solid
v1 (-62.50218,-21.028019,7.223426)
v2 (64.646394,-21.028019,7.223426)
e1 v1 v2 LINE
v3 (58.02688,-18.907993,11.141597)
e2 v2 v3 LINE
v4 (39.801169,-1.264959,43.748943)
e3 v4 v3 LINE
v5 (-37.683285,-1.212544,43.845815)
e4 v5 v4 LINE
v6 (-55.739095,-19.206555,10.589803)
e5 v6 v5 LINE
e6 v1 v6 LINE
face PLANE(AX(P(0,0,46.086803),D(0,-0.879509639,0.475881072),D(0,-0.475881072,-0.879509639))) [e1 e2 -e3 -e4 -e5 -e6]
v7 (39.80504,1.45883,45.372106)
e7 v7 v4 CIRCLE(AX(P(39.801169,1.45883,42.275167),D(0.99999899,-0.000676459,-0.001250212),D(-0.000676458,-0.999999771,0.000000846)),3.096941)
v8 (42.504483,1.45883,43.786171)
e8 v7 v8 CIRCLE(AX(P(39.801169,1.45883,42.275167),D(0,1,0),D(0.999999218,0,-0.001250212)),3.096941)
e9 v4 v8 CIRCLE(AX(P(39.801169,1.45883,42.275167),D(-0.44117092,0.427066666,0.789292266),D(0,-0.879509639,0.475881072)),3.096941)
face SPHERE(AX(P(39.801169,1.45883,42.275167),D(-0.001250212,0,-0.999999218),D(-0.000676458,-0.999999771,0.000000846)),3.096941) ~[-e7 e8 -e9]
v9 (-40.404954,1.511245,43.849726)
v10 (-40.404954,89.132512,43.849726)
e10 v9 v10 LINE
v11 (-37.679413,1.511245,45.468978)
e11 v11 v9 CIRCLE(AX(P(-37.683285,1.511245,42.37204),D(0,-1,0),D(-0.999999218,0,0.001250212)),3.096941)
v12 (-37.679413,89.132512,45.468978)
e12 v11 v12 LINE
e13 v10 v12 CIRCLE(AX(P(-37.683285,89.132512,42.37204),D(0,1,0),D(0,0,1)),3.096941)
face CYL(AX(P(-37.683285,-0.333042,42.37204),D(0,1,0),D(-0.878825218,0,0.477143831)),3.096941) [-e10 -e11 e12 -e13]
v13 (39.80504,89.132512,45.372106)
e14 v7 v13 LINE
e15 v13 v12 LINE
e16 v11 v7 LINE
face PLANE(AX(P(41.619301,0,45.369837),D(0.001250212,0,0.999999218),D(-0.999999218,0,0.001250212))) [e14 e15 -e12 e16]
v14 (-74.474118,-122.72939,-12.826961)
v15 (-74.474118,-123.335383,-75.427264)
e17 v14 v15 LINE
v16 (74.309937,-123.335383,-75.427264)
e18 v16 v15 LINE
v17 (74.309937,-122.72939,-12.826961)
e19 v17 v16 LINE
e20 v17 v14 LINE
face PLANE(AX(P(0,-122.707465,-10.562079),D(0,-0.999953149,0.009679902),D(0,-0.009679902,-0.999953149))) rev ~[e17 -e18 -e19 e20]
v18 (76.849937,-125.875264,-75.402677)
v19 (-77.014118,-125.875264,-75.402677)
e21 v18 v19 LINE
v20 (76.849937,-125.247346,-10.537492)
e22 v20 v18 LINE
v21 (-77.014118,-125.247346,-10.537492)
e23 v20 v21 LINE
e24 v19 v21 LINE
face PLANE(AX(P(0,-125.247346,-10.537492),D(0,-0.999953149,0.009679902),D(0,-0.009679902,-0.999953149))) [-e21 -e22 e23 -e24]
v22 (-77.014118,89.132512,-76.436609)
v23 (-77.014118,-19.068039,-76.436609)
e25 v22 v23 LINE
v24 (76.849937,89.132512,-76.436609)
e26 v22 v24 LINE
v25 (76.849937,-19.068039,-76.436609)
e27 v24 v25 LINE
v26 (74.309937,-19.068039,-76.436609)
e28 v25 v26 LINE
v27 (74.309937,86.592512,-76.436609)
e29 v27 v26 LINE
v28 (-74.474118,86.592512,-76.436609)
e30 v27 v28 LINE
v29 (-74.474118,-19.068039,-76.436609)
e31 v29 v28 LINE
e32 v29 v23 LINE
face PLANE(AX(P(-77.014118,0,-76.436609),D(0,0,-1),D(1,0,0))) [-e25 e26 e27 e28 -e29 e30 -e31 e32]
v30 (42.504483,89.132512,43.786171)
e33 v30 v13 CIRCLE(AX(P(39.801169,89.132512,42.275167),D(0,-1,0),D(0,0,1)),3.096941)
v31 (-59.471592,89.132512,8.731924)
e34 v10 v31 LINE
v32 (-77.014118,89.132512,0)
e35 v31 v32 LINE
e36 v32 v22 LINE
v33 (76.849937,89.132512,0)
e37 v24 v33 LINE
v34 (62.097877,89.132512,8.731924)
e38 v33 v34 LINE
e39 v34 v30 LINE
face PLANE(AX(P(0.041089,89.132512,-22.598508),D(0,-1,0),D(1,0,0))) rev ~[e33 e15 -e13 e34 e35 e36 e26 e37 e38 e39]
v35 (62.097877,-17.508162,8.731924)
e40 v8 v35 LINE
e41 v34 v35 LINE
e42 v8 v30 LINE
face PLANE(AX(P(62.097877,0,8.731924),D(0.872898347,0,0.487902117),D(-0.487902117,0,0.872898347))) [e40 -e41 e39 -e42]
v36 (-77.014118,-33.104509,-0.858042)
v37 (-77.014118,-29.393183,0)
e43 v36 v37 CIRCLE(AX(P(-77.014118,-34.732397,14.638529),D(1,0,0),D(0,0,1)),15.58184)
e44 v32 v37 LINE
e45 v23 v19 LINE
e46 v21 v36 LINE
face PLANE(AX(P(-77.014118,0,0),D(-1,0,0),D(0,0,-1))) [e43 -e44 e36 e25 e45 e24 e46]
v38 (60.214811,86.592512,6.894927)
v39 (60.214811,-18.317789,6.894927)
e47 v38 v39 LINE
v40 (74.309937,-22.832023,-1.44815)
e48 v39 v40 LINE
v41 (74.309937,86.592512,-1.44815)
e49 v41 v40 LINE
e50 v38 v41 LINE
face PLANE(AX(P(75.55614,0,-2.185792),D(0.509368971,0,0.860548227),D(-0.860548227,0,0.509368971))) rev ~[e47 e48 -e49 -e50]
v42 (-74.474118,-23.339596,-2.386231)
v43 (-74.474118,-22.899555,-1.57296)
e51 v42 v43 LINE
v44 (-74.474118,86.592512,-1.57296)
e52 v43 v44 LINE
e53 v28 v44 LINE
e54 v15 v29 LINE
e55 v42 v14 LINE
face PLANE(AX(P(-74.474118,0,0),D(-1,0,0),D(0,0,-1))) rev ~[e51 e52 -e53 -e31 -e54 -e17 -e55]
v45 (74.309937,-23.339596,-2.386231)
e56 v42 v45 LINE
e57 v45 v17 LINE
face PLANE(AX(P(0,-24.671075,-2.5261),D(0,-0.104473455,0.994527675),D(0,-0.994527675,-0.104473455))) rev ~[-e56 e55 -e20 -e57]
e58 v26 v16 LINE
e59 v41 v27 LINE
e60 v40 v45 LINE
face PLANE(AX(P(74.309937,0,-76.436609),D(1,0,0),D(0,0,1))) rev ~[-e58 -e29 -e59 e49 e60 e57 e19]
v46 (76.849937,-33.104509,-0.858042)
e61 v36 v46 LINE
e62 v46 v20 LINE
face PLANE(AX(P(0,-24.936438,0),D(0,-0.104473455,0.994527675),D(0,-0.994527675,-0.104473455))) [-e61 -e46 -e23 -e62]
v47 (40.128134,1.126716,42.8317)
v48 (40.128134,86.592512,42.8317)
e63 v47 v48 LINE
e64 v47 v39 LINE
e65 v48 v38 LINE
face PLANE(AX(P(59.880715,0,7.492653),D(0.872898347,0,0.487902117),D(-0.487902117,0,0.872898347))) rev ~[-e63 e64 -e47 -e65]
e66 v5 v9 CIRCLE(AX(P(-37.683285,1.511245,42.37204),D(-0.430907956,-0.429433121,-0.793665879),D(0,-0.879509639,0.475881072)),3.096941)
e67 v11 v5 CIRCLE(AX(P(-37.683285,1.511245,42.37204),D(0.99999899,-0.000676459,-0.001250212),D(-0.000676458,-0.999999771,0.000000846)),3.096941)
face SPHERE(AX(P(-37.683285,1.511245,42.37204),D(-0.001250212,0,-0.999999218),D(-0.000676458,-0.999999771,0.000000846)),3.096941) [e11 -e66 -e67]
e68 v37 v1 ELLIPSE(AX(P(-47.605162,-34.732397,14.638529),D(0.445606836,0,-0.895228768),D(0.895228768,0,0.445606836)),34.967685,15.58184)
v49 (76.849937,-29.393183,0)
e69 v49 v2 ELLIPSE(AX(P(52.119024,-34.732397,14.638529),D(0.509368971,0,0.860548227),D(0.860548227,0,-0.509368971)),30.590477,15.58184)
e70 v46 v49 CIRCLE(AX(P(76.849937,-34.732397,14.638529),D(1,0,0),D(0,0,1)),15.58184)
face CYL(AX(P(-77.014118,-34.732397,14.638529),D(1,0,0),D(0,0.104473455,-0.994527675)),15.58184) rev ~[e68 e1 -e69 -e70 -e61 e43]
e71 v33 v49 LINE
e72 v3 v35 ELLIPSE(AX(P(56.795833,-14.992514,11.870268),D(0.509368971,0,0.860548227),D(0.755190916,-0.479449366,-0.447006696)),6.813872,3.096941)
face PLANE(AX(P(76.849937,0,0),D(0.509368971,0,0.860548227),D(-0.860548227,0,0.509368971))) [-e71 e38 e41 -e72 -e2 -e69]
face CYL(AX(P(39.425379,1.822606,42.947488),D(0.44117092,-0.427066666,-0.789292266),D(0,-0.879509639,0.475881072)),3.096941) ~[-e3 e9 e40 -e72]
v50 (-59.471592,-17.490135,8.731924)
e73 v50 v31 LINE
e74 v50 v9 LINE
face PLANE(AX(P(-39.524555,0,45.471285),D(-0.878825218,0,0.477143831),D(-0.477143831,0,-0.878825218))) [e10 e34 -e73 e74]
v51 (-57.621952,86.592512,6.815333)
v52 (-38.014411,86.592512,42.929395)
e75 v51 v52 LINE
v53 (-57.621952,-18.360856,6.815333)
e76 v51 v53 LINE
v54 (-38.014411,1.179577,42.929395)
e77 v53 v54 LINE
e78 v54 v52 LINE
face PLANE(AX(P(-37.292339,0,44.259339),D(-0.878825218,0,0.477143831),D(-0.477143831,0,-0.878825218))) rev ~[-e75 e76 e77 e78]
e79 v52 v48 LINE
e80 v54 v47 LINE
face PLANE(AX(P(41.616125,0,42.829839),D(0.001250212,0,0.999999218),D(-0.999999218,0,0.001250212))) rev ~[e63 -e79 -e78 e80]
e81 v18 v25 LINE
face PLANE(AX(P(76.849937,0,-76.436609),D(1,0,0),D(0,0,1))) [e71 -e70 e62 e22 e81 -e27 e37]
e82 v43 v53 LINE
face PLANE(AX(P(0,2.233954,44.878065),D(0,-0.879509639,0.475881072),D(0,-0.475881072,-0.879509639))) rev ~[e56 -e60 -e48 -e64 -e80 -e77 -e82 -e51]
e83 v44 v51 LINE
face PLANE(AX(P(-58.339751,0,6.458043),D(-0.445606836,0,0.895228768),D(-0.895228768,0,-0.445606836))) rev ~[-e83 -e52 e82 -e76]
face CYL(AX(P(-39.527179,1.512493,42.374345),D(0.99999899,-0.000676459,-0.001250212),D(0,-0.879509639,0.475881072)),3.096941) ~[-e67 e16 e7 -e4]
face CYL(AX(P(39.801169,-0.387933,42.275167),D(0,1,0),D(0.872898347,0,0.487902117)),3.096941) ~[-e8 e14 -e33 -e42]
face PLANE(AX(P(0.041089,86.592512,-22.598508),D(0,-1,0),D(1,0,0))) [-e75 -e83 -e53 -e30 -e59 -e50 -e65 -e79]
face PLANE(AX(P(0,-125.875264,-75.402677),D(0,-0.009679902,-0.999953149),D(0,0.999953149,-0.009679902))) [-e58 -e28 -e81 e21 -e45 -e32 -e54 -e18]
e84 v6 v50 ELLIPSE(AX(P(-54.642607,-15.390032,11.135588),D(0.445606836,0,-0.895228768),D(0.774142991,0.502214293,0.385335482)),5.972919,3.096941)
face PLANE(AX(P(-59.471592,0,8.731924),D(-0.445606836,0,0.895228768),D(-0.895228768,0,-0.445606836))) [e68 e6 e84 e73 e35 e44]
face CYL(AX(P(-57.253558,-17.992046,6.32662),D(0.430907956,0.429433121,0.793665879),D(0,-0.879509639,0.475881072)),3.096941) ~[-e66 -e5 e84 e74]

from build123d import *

# Parameters (mm, degrees)
F1_DEPTH = 89.1325119883
F3_DEPTH = 77.1384909749
F4_DEPTH = 218.7686692923
F5_T     = -2.54
F6_R     = 15.5818396181
F7_R     = 3.0969406223


with BuildPart() as f1:
    # F0 (on Front) → F1 (new body)
    with BuildSketch(Plane.XZ):
        Polygon((-77.014118433, 0), (-77.014118433, -76.4366090298), (76.849937439, -76.4366090298), (76.849937439, 0), (62.097877264, 8.7319239974), (41.6193008423, 45.3698374331), (-39.5245552063, 45.4712845385), (-59.4715923071, 8.7319239974), align=None)
    extrude(amount=-F1_DEPTH)

    # F2 (on Right) → F3 (join, symmetric)
    with BuildSketch(Plane.YZ):
        Polygon((0, -76.6211944324), (0, 46.0868030787), (-24.9364376068, 0), (-125.2473463191, -10.5374917338), (-125.8752644062, -75.4026770592), align=None)
    extrude(amount=F3_DEPTH, both=True)

    # F4 (cut): a face of the model
    f4_faces = [f1.faces().sort_by_distance(p)[0] for p in [
        (76.9413650258, 0, -15.2671956769),
    ]]
    extrude(f4_faces, amount=-F4_DEPTH, mode=Mode.SUBTRACT)

    # F5
    f5_openings = [f1.faces().sort_by_distance(p)[0] for p in [
        (-0.08209, -72.471652, -75.919643),
        (-0.08209, 35.032237, -76.436609),
    ]]
    offset(amount=F5_T, openings=f5_openings, kind=Kind.INTERSECTION)

    # F6
    f6_edges = [f1.edges().sort_by_distance(p)[0] for p in [
        (-0.08209, -24.936438, 0),
    ]]
    fillet(f6_edges, radius=F6_R)

    # F7
    f7_edges = [f1.edges().sort_by_distance(p)[0] for p in [
        (-49.498074, -10.272425, 27.101604),
        (51.858589, -10.29987, 27.050881),
        (1.047373, -0.360487, 45.420561),
        (41.619301, 44.37229, 45.369837),
        (-39.524555, 44.399735, 45.471285),
    ]]
    fillet(f7_edges, radius=F7_R)


solid = f1.part
